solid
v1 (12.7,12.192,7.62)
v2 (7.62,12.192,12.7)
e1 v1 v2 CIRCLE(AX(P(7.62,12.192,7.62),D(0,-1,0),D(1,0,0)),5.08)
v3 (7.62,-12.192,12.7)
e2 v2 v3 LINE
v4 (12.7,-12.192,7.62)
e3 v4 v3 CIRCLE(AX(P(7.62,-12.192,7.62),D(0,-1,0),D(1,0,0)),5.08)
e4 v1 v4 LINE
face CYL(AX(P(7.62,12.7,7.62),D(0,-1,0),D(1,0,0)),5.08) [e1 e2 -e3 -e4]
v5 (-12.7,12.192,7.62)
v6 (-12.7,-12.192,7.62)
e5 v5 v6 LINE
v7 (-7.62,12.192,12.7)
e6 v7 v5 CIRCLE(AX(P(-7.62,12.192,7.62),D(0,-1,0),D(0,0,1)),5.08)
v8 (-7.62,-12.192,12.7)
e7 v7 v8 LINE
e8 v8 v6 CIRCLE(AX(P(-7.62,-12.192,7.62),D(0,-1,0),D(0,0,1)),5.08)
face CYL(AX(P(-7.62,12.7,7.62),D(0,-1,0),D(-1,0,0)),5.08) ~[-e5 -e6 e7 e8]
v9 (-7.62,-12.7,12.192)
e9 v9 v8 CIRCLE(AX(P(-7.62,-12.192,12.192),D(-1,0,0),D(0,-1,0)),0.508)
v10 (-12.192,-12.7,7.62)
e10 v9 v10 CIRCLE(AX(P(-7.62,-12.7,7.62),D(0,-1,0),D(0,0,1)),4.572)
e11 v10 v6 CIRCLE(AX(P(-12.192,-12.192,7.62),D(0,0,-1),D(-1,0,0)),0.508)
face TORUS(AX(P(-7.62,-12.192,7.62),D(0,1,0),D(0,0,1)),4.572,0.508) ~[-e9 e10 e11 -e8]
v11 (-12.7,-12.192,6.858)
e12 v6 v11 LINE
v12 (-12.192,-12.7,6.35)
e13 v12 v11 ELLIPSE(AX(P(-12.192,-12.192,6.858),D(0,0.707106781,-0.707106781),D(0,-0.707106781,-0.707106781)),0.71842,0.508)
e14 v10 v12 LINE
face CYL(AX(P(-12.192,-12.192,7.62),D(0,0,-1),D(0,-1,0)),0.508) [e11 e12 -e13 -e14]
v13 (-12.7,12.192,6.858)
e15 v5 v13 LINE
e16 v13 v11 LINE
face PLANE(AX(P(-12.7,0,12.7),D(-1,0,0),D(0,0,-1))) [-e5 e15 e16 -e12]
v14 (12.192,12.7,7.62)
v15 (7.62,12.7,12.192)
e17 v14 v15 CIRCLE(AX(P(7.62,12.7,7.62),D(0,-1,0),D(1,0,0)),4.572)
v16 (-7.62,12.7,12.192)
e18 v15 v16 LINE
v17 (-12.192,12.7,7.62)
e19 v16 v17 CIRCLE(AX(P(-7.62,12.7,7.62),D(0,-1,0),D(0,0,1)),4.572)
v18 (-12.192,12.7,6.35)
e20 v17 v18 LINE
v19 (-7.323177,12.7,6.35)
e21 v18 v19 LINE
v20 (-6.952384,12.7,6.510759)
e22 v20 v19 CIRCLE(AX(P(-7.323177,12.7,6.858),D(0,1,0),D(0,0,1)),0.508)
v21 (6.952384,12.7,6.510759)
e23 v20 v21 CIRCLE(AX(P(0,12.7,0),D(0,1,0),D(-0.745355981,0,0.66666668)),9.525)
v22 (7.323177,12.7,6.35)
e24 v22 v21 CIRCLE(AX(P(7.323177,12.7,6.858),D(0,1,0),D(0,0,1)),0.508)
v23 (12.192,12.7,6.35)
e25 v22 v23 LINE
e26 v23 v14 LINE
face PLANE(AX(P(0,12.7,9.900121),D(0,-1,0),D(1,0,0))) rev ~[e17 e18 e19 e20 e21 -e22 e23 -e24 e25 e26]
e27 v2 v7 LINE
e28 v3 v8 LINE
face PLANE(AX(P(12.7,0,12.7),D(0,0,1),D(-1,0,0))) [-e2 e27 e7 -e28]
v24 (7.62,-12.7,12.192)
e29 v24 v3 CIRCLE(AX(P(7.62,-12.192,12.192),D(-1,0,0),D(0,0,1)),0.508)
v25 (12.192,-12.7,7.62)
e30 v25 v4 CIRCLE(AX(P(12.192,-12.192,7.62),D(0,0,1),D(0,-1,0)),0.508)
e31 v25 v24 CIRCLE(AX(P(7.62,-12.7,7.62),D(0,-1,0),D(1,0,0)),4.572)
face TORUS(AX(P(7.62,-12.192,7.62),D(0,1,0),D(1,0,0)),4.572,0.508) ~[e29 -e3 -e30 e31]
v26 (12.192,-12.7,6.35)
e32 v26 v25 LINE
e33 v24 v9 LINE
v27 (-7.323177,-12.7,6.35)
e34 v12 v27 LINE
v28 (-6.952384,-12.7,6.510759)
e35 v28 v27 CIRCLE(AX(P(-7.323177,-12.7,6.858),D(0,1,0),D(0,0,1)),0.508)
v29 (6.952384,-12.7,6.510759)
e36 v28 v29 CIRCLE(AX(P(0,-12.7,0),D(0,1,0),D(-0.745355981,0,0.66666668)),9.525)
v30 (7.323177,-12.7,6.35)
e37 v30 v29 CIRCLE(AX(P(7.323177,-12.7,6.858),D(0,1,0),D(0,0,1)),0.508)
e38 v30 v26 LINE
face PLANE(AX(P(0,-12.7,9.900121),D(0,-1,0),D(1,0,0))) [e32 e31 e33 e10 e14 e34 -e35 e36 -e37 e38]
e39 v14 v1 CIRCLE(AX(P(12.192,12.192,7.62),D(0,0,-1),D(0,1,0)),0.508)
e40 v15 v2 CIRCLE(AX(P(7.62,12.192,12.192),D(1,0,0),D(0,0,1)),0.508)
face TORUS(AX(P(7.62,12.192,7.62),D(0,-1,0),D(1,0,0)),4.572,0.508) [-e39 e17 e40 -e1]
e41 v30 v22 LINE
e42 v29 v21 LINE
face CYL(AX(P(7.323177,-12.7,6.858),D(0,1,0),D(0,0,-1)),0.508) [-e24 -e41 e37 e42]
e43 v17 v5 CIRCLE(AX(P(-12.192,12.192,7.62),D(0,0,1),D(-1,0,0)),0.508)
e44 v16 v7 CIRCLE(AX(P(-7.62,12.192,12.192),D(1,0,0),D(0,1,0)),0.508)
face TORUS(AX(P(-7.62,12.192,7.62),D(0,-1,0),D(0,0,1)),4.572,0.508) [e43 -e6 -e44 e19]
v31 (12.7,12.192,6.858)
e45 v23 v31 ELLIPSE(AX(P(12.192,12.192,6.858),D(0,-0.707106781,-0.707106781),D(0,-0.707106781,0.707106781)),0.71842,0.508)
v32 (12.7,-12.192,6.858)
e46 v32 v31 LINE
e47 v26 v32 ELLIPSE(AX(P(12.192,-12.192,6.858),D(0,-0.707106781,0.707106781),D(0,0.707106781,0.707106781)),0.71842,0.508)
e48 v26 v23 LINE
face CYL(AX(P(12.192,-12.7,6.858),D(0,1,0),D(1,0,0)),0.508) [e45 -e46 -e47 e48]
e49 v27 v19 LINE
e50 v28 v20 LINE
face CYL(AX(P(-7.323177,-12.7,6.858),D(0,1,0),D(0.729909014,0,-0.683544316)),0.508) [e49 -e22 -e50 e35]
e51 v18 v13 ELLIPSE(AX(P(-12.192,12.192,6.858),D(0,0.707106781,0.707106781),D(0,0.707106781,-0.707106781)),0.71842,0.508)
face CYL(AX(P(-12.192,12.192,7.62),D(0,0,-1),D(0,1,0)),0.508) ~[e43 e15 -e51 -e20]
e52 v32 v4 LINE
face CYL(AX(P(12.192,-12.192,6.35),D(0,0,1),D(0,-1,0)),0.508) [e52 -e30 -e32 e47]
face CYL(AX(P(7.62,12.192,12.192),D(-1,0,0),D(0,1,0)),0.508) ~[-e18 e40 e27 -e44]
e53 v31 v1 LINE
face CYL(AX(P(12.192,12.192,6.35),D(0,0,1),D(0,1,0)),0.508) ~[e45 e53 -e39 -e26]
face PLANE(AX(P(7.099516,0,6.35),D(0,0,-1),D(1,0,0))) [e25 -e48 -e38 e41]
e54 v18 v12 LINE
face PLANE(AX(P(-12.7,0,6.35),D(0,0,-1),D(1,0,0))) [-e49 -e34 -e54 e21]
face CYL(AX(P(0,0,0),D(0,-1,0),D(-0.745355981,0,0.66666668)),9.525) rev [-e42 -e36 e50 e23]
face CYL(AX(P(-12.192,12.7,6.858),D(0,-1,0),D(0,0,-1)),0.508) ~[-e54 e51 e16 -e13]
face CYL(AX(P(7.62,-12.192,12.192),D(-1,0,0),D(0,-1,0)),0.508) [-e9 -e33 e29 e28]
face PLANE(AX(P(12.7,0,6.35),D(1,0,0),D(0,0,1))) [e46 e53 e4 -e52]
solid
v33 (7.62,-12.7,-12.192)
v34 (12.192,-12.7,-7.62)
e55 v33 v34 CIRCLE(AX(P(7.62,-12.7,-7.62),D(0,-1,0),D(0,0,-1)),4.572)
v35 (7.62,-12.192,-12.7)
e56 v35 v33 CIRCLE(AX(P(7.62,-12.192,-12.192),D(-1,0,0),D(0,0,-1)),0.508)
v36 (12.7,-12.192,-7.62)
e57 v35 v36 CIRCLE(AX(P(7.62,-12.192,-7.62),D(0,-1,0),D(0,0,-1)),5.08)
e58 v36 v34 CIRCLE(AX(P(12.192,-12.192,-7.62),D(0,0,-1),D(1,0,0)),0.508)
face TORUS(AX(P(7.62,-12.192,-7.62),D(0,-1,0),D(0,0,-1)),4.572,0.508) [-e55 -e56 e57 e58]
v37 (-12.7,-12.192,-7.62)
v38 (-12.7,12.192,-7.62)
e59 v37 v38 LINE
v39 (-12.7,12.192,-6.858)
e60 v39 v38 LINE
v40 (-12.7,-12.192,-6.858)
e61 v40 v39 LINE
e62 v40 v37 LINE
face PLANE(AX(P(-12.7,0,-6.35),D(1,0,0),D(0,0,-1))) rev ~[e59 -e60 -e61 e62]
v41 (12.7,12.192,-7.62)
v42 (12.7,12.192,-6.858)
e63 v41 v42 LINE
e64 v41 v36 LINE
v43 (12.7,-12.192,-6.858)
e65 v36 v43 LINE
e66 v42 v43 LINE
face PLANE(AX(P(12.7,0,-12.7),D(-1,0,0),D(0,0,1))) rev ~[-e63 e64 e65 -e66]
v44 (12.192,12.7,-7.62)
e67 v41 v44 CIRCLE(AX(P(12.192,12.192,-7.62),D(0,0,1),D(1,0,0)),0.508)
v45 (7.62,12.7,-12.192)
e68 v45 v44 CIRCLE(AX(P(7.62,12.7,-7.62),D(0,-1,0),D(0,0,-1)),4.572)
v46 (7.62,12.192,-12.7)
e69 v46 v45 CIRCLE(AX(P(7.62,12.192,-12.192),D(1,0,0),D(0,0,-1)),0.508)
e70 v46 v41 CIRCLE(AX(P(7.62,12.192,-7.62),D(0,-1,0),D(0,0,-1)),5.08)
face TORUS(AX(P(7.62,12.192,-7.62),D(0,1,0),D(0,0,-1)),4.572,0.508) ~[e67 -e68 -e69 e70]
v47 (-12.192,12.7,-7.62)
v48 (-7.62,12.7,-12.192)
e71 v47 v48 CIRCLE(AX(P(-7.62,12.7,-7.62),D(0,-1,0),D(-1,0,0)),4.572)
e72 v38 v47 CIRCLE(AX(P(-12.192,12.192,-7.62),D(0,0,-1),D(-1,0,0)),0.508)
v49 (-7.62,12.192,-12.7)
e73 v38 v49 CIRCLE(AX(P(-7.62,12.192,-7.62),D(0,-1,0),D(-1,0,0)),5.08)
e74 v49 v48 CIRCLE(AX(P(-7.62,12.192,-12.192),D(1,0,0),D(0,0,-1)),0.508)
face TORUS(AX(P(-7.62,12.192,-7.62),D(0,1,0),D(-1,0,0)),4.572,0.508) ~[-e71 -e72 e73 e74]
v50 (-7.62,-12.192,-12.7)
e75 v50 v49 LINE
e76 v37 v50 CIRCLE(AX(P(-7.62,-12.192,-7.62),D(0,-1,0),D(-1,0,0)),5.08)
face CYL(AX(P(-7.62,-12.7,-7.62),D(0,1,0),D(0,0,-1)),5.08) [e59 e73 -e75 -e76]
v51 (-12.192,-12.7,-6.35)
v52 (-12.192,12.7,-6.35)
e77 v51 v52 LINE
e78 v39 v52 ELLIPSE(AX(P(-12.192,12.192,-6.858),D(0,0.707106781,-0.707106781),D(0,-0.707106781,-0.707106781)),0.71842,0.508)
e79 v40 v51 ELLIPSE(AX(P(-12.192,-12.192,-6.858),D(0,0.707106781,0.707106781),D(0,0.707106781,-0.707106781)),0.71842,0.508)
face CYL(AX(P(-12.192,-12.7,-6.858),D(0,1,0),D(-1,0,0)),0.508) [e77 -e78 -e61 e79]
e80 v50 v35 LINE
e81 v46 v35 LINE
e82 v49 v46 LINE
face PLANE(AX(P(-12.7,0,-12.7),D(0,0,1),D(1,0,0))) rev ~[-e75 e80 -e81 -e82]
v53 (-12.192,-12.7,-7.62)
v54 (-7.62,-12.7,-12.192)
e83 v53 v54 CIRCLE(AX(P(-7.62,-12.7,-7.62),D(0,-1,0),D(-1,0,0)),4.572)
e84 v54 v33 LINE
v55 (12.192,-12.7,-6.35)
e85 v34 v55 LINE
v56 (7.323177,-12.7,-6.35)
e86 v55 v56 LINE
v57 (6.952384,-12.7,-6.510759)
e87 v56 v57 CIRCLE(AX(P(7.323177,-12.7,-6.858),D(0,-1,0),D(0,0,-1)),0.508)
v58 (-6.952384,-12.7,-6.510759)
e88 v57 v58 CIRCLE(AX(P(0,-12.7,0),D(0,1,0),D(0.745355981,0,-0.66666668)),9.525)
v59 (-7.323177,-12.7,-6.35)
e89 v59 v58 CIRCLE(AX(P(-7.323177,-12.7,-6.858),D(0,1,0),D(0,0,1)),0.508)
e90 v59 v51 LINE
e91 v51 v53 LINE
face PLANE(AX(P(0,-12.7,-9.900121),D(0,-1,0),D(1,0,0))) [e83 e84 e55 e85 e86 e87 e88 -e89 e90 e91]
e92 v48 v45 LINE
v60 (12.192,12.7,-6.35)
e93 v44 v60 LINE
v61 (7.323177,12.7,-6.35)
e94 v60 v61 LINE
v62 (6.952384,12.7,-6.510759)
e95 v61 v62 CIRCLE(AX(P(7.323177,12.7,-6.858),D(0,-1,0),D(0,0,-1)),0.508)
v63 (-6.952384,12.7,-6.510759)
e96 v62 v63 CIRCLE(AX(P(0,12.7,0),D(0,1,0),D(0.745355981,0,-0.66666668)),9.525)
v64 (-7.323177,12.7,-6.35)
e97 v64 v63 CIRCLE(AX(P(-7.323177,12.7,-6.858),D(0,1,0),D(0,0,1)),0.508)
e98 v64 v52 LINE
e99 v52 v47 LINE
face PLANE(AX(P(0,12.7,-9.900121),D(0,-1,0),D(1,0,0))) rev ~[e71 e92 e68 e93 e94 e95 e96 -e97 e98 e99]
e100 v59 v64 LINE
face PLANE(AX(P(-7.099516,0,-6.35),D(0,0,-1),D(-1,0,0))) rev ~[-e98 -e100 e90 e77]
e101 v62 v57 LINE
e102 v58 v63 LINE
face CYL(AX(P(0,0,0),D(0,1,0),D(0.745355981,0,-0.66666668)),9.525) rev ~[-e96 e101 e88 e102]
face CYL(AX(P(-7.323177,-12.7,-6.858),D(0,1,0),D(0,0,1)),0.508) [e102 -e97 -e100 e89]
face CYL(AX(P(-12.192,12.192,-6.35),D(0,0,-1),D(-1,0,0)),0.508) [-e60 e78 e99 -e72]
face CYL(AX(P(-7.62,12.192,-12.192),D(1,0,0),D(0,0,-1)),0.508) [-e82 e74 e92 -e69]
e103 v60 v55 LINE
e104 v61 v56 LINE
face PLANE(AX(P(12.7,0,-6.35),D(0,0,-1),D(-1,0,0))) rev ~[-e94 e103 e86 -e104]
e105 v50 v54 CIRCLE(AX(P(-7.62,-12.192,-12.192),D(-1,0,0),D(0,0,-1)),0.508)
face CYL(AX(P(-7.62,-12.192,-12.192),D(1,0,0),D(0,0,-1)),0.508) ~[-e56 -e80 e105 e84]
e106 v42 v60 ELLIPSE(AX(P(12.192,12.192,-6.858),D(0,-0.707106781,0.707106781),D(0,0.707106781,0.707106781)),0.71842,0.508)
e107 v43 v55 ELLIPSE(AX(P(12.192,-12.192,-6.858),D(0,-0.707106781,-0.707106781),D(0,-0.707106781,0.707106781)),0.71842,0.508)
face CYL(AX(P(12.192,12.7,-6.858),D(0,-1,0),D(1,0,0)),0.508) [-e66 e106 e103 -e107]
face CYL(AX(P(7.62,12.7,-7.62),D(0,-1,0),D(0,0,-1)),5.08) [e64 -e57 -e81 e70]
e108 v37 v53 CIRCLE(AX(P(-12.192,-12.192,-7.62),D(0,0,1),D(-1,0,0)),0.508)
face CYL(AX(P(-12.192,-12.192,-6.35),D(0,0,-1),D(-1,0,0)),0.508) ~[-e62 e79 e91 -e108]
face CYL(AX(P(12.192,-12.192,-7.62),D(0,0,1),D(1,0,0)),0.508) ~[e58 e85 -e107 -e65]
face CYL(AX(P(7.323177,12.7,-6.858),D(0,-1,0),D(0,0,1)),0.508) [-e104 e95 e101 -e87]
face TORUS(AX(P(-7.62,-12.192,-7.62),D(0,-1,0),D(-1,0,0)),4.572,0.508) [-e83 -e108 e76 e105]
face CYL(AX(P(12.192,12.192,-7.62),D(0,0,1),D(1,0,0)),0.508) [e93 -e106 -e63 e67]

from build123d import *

# Parameters (mm, degrees)
F1_DEPTH = 12.7
F2_R     = 5.08
F3_R     = 0.508


with BuildPart() as f1:
    # F0 (on Front) → F1 (new body, symmetric)
    with BuildSketch(Plane.XZ):
        with BuildLine():
            Line((-12.7, -12.7), (12.7, -12.7))
            Line((12.7, -12.7), (12.7, -6.35))
            Line((12.7, -6.35), (7.099516, -6.35))
            ThreePointArc((7.099516, -6.35), (0, -9.525), (-7.099516, -6.35))
            Line((-7.099516, -6.35), (-12.7, -6.35))
            Line((-12.7, -6.35), (-12.7, -12.7))
        make_face()
        with BuildLine():
            Line((12.7, 6.35), (12.7, 12.7))
            Line((12.7, 12.7), (-12.7, 12.7))
            Line((-12.7, 12.7), (-12.7, 6.35))
            Line((-12.7, 6.35), (-7.099516, 6.35))
            ThreePointArc((-7.099516, 6.35), (0, 9.525), (7.099516, 6.35))
            Line((7.099516, 6.35), (12.7, 6.35))
        make_face()
    extrude(amount=F1_DEPTH, both=True)

    # F2
    f2_edges = [f1.edges().sort_by_distance(p)[0] for p in [
        (12.7, 0, 12.7),
        (-12.7, 0, 12.7),
        (12.7, 0, -12.7),
        (-12.7, 0, -12.7),
    ]]
    fillet(f2_edges, radius=F2_R)

    # F3
    f3_edges = [f1.edges().sort_by_distance(p)[0] for p in [
        (0, -12.7, 12.7),
        (0, 12.7, 12.7),
        (0, -12.7, -12.7),
        (0, 12.7, -12.7),
        (-12.7, 0, 6.35),
        (-7.099516, 0, 6.35),
        (7.099516, 0, 6.35),
        (12.7, 0, 6.35),
        (12.7, 0, -6.35),
        (-12.7, 0, -6.35),
        (7.099516, 0, -6.35),
        (-7.099516, 0, -6.35),
    ]]
    fillet(f3_edges, radius=F3_R)


solid = f1.part
